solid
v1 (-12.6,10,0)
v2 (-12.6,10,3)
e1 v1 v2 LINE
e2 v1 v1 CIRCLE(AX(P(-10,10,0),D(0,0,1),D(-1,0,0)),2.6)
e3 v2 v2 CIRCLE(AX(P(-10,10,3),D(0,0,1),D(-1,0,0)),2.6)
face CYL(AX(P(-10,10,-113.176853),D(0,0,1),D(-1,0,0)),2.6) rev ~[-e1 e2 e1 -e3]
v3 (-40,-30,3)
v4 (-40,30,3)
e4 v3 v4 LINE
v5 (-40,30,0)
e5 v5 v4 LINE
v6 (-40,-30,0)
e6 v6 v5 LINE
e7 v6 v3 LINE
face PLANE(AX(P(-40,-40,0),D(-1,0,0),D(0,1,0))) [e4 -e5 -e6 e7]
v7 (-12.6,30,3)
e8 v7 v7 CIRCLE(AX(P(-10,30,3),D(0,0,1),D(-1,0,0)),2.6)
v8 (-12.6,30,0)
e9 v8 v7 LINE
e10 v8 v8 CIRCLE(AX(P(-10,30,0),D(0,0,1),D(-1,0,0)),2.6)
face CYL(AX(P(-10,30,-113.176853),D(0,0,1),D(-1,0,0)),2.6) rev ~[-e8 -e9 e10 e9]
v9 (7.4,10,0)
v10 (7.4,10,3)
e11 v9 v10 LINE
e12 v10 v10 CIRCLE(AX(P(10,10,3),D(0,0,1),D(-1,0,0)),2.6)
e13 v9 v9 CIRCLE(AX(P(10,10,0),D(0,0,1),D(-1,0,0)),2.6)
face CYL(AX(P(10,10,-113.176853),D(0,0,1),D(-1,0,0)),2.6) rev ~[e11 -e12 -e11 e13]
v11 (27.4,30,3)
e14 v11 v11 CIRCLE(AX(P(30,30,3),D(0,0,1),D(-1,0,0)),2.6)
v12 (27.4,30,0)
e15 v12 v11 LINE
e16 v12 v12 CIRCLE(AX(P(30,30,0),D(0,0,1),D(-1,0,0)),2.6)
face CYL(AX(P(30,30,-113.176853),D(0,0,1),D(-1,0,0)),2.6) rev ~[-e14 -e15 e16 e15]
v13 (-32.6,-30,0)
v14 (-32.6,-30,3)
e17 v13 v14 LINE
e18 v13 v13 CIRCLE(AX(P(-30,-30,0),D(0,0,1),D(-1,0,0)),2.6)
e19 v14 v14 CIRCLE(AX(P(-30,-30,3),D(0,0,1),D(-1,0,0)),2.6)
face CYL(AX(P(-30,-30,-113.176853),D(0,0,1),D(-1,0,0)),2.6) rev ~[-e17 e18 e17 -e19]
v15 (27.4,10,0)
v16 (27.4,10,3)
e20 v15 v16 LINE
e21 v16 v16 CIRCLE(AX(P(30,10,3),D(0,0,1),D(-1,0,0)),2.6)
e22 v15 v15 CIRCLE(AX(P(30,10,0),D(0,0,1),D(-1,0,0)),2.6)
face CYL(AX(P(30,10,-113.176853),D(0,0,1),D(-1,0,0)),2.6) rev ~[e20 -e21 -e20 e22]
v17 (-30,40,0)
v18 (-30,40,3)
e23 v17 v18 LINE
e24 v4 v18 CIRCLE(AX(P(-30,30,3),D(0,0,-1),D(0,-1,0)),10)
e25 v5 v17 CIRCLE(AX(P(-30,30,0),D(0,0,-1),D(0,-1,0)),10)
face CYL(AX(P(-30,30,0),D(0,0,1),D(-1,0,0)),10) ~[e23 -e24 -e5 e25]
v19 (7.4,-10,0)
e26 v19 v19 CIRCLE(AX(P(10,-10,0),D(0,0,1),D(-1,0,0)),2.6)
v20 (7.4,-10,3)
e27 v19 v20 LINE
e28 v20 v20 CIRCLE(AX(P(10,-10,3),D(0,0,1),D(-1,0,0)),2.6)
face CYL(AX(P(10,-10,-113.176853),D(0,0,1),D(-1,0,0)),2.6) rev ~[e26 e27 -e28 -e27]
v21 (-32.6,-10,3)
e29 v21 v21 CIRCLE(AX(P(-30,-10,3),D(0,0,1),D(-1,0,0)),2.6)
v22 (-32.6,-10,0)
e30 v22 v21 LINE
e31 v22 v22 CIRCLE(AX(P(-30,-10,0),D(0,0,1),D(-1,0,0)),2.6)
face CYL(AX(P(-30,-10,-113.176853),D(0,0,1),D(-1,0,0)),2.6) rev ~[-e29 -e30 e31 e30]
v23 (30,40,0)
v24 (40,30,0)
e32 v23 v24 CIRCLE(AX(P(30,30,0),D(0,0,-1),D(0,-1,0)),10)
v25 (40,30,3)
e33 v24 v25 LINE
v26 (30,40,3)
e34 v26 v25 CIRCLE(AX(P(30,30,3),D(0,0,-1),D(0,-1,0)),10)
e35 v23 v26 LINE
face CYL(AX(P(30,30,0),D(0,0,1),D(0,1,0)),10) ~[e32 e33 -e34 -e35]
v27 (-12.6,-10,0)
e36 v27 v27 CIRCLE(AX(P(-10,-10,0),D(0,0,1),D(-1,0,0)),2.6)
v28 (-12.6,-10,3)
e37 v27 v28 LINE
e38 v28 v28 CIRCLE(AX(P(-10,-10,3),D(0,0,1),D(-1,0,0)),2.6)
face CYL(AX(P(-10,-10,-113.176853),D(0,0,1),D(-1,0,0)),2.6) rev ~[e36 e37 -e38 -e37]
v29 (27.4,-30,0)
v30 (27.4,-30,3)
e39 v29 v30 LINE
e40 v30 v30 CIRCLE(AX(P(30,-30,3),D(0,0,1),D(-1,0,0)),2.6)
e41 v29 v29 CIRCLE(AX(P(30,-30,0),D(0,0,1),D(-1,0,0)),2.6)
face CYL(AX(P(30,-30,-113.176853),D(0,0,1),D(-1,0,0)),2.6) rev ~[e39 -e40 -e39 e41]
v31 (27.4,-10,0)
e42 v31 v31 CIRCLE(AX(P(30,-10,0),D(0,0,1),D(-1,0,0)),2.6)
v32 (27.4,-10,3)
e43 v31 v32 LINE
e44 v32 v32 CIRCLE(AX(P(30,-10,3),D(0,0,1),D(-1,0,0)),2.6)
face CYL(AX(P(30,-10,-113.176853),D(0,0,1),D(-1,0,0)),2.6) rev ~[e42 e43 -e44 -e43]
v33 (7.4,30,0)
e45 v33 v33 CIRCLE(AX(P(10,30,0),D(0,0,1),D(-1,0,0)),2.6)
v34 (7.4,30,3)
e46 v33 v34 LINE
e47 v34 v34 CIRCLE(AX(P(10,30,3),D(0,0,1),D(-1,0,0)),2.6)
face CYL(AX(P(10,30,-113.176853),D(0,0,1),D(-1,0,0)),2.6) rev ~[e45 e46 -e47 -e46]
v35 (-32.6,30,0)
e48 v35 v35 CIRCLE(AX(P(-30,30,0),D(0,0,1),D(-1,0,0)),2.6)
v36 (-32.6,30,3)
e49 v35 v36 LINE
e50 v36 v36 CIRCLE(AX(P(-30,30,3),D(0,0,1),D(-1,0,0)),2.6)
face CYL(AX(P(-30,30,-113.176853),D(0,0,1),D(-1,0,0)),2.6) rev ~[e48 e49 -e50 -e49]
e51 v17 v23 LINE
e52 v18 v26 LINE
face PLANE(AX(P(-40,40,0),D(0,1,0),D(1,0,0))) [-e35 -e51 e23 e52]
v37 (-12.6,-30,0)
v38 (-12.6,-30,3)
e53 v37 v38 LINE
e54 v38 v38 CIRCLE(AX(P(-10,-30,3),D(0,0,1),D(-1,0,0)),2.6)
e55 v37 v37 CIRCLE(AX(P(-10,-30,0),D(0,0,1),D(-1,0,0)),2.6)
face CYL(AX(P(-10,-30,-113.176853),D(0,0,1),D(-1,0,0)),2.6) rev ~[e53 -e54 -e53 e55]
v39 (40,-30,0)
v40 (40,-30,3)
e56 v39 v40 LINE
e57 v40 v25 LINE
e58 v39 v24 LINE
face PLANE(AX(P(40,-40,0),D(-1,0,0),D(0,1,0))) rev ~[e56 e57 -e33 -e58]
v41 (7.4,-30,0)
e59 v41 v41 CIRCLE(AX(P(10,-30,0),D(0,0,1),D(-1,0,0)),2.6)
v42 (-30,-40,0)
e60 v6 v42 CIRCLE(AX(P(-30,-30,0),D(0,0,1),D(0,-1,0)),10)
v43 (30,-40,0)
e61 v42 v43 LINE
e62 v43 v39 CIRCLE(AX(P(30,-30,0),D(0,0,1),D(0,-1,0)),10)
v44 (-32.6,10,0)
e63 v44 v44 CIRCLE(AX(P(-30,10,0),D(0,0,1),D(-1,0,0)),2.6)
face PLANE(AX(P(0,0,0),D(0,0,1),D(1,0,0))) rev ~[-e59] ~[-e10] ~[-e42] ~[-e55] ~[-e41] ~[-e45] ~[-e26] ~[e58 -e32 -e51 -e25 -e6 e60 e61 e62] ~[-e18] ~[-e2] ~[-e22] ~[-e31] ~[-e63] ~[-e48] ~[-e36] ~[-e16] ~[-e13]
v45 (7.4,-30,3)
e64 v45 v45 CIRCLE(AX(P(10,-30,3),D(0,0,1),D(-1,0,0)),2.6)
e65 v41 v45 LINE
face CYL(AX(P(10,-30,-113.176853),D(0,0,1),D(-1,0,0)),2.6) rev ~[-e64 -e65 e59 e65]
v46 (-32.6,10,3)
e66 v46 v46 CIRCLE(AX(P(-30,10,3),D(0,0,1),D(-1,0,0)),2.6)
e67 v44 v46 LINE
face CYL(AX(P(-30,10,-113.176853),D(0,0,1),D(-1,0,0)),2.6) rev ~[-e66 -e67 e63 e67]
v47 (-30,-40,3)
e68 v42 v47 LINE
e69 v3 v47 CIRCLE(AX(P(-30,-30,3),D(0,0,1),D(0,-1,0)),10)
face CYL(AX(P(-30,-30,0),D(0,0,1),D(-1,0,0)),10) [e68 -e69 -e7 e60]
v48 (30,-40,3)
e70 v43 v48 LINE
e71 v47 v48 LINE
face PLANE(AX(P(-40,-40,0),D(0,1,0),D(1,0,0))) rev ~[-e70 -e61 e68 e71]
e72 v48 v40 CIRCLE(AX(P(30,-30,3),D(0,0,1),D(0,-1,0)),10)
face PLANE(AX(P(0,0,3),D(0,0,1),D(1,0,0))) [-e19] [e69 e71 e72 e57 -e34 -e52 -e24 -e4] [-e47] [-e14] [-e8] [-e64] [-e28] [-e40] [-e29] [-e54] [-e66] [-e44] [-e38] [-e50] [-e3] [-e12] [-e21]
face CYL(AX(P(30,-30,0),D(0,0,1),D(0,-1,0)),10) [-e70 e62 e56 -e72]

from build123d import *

# Parameters (mm, degrees)
F0_W     = 80
F0_H     = 80
F1_DEPTH = 3
F2_D     = 5.2
F3_R     = 10


with BuildPart() as f1:
    # F0 (on Top) → F1 (new body)
    with BuildSketch(Plane.XY):
        Rectangle(F0_W, F0_H)
    extrude(amount=F1_DEPTH)

    # F2 (through all)
    with Locations(Plane(origin=(0, 0, 0), x_dir=(1, 0, 0), z_dir=(0, 0, -1))):
        with Locations((-30, 30), (-10, 30), (10, 30), (30, 30), (30, 10), (10, 10), (-10, 10), (-30, 10), (-30, -10), (-10, -10), (10, -10), (30, -10), (30, -30), (10, -30), (-10, -30), (-30, -30)):
            Hole(F2_D / 2)

    # F3
    f3_edges = [f1.edges().sort_by_distance(p)[0] for p in [
        (40, 40, 1.5),
        (-40, 40, 1.5),
        (-40, -40, 1.5),
        (40, -40, 1.5),
    ]]
    fillet(f3_edges, radius=F3_R)


solid = f1.part
